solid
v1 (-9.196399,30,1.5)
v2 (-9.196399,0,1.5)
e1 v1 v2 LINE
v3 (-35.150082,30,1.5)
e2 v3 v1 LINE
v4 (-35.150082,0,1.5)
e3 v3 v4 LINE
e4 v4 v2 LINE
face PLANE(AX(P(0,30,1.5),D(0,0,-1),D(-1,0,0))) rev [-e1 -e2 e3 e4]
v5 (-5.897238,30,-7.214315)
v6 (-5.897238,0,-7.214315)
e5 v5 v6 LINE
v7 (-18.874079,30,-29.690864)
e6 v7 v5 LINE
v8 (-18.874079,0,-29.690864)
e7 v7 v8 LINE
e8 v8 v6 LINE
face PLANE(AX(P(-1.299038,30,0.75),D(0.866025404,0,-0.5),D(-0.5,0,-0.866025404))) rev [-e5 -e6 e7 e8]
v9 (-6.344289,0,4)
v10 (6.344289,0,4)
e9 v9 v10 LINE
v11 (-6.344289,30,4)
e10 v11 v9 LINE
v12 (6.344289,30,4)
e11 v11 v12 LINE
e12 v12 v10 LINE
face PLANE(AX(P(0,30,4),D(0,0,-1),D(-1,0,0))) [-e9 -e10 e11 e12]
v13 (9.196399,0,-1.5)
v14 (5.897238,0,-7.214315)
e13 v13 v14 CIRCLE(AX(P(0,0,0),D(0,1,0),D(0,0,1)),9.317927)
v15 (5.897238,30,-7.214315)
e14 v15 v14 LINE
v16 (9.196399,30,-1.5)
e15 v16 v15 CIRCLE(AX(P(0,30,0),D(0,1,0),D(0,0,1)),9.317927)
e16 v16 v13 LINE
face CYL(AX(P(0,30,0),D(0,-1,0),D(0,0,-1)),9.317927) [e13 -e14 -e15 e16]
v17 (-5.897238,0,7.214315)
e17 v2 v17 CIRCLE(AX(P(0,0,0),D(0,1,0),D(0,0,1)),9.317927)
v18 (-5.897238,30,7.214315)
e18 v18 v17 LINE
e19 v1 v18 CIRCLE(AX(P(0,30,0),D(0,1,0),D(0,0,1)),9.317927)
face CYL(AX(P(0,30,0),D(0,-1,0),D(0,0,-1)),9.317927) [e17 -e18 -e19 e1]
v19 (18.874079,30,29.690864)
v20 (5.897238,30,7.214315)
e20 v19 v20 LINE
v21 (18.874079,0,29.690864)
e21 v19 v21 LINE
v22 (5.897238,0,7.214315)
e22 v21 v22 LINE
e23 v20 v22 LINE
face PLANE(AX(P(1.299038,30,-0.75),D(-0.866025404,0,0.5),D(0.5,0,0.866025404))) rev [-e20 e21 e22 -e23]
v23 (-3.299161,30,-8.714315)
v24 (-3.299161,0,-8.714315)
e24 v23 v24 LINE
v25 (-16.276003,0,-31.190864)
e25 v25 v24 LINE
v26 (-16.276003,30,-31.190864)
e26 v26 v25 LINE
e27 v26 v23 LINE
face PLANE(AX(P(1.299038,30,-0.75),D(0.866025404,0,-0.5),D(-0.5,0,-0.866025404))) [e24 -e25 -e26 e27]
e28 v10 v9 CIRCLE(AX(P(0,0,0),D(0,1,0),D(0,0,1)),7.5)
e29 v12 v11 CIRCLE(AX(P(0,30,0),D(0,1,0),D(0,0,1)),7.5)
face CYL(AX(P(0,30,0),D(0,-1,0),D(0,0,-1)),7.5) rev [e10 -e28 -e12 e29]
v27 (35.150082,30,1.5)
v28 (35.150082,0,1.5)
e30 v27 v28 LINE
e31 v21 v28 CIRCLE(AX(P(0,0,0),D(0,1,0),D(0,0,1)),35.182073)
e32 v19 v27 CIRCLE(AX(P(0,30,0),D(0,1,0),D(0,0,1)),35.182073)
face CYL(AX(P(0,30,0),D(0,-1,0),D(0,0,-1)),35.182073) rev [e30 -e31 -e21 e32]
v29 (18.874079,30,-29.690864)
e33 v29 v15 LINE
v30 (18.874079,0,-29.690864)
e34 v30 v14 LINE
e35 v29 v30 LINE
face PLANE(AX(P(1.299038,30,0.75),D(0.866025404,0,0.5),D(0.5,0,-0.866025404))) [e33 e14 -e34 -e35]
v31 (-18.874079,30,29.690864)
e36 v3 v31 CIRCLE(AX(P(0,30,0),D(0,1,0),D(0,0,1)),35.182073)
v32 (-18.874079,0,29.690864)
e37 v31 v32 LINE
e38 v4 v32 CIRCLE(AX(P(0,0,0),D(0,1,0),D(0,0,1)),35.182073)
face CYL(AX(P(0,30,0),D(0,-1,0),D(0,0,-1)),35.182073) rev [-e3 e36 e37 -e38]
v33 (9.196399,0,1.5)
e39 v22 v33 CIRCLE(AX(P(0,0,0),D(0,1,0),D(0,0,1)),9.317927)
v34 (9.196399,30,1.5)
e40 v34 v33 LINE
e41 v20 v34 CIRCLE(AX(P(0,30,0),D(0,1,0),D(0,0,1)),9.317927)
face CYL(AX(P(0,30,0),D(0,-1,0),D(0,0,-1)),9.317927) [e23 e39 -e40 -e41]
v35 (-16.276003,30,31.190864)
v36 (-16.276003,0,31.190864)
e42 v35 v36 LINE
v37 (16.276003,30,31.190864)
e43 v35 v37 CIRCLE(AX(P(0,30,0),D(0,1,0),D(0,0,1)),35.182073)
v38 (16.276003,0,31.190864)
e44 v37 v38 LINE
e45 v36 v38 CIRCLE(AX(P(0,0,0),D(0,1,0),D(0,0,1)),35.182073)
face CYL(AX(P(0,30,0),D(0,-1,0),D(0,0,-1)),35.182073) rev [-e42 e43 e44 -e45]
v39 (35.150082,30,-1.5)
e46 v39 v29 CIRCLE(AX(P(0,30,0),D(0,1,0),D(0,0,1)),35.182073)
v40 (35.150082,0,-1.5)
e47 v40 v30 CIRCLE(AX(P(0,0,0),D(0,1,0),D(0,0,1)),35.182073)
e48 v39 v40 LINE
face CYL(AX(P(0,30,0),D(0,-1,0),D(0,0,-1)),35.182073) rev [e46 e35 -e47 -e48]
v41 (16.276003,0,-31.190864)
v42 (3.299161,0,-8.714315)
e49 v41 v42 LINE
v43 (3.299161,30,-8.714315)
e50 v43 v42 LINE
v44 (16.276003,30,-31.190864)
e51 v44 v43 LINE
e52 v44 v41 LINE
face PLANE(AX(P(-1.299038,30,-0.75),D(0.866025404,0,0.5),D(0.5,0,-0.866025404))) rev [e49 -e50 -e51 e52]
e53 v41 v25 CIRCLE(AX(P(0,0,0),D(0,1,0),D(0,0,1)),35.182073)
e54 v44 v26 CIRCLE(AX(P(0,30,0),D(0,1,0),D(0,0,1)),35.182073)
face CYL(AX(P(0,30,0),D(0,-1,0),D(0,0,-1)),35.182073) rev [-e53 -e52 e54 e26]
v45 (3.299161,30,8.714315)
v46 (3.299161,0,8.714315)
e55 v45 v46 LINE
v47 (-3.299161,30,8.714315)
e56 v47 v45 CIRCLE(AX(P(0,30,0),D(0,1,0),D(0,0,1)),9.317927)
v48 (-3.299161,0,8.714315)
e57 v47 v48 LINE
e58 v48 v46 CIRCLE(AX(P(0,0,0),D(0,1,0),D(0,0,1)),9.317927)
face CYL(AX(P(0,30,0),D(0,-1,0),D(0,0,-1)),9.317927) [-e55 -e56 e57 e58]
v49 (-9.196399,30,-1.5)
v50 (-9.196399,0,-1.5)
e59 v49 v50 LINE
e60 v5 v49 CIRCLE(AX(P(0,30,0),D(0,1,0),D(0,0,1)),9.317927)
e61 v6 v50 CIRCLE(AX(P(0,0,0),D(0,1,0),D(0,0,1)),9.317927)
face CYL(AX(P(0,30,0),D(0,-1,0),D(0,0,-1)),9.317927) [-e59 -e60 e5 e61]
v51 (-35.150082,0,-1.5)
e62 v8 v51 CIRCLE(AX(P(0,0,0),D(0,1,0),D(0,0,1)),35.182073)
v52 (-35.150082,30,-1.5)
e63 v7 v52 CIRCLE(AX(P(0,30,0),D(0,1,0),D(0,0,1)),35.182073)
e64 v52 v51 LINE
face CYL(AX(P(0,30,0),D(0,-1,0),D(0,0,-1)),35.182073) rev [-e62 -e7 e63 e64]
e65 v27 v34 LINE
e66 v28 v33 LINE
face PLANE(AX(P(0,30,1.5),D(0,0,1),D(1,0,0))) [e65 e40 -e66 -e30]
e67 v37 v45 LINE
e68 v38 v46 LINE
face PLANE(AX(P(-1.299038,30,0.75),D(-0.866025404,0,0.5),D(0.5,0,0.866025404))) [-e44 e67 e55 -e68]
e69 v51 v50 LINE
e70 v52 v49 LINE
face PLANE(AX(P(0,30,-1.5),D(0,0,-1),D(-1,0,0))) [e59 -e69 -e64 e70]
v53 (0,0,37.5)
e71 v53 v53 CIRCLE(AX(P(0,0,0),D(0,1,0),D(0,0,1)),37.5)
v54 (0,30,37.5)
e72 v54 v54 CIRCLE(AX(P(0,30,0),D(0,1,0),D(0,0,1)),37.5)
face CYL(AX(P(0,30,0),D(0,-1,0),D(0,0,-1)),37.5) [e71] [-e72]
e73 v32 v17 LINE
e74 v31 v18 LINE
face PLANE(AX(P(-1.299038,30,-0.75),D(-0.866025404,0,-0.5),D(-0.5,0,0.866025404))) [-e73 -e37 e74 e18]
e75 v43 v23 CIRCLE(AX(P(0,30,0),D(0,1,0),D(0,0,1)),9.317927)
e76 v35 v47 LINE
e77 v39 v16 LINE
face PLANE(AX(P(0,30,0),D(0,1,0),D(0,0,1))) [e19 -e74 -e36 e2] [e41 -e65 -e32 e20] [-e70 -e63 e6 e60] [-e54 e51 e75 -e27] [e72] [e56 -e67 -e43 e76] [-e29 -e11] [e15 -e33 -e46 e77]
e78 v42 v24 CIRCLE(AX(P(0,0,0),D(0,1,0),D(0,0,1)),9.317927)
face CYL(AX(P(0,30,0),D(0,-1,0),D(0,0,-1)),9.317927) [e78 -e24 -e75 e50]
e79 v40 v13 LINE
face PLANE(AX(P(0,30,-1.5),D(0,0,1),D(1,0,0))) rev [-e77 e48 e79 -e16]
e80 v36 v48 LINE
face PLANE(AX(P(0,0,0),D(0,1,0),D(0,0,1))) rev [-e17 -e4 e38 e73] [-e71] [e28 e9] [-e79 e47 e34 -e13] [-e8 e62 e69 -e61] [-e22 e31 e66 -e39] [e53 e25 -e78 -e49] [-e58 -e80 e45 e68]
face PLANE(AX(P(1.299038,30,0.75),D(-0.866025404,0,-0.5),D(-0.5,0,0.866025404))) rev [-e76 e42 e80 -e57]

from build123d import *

# Parameters (mm, degrees)
IZIM1_R                     = 37.5
Y_KSEKLIK_EKSTR_ZYON1_DEPTH = 30


with BuildPart() as part:
    # Çizim1 → Yükseklik-Ekstrüzyon1 (new body)
    with BuildSketch(Plane(origin=(0, 0, 0), x_dir=(1, 0, 0), z_dir=(0, 1, 0))):
        with Locations(Location((0, 0, 0), (0, 0, 270))):
            Circle(IZIM1_R)
        with BuildLine():
            ThreePointArc((-18.874079265, -29.690864233), (-30.468569301, -17.591036688), (-35.150082319, -1.5))
            Line((-35.150082319, -1.5), (-9.196399109, -1.5))
            ThreePointArc((-9.196399109, -1.5), (-8.069561167, -4.658963312), (-5.89723766, -7.214315252))
            Line((-5.89723766, -7.214315252), (-18.874079265, -29.690864233))
        make_face(mode=Mode.SUBTRACT)
        with BuildLine():
            Line((3.299161449, -8.714315252), (16.276003054, -31.190864233))
            ThreePointArc((16.276003054, -31.190864233), (0, -35.182073376), (-16.276003054, -31.190864233))
            Line((-16.276003054, -31.190864233), (-3.299161449, -8.714315252))
            ThreePointArc((-3.299161449, -8.714315252), (0, -9.317926624), (3.299161449, -8.714315252))
        make_face(mode=Mode.SUBTRACT)
        with BuildLine():
            Line((9.196399109, -1.5), (35.150082319, -1.5))
            ThreePointArc((35.150082319, -1.5), (30.468569301, -17.591036688), (18.874079265, -29.690864233))
            Line((18.874079265, -29.690864233), (5.89723766, -7.214315252))
            ThreePointArc((5.89723766, -7.214315252), (8.069561167, -4.658963312), (9.196399109, -1.5))
        make_face(mode=Mode.SUBTRACT)
        with BuildLine():
            ThreePointArc((-35.150082319, 1.5), (-30.468569301, 17.591036688), (-18.874079265, 29.690864233))
            Line((-18.874079265, 29.690864233), (-5.89723766, 7.214315252))
            ThreePointArc((-5.89723766, 7.214315252), (-8.069561167, 4.658963312), (-9.196399109, 1.5))
            Line((-9.196399109, 1.5), (-35.150082319, 1.5))
        make_face(mode=Mode.SUBTRACT)
        with BuildLine():
            Line((6.34428877, -4), (-6.34428877, -4))
            ThreePointArc((-6.34428877, -4), (0, 7.5), (6.34428877, -4))
        make_face(mode=Mode.SUBTRACT)
        with BuildLine():
            Line((5.89723766, 7.214315252), (18.874079265, 29.690864233))
            ThreePointArc((18.874079265, 29.690864233), (30.468569301, 17.591036688), (35.150082319, 1.5))
            Line((35.150082319, 1.5), (9.196399109, 1.5))
            ThreePointArc((9.196399109, 1.5), (8.069561167, 4.658963312), (5.89723766, 7.214315252))
        make_face(mode=Mode.SUBTRACT)
        with BuildLine():
            Line((-3.299161449, 8.714315252), (-16.276003054, 31.190864233))
            ThreePointArc((-16.276003054, 31.190864233), (0, 35.182073376), (16.276003054, 31.190864233))
            Line((16.276003054, 31.190864233), (3.299161449, 8.714315252))
            ThreePointArc((3.299161449, 8.714315252), (0, 9.317926624), (-3.299161449, 8.714315252))
        make_face(mode=Mode.SUBTRACT)
    extrude(amount=Y_KSEKLIK_EKSTR_ZYON1_DEPTH)


solid = part.part
